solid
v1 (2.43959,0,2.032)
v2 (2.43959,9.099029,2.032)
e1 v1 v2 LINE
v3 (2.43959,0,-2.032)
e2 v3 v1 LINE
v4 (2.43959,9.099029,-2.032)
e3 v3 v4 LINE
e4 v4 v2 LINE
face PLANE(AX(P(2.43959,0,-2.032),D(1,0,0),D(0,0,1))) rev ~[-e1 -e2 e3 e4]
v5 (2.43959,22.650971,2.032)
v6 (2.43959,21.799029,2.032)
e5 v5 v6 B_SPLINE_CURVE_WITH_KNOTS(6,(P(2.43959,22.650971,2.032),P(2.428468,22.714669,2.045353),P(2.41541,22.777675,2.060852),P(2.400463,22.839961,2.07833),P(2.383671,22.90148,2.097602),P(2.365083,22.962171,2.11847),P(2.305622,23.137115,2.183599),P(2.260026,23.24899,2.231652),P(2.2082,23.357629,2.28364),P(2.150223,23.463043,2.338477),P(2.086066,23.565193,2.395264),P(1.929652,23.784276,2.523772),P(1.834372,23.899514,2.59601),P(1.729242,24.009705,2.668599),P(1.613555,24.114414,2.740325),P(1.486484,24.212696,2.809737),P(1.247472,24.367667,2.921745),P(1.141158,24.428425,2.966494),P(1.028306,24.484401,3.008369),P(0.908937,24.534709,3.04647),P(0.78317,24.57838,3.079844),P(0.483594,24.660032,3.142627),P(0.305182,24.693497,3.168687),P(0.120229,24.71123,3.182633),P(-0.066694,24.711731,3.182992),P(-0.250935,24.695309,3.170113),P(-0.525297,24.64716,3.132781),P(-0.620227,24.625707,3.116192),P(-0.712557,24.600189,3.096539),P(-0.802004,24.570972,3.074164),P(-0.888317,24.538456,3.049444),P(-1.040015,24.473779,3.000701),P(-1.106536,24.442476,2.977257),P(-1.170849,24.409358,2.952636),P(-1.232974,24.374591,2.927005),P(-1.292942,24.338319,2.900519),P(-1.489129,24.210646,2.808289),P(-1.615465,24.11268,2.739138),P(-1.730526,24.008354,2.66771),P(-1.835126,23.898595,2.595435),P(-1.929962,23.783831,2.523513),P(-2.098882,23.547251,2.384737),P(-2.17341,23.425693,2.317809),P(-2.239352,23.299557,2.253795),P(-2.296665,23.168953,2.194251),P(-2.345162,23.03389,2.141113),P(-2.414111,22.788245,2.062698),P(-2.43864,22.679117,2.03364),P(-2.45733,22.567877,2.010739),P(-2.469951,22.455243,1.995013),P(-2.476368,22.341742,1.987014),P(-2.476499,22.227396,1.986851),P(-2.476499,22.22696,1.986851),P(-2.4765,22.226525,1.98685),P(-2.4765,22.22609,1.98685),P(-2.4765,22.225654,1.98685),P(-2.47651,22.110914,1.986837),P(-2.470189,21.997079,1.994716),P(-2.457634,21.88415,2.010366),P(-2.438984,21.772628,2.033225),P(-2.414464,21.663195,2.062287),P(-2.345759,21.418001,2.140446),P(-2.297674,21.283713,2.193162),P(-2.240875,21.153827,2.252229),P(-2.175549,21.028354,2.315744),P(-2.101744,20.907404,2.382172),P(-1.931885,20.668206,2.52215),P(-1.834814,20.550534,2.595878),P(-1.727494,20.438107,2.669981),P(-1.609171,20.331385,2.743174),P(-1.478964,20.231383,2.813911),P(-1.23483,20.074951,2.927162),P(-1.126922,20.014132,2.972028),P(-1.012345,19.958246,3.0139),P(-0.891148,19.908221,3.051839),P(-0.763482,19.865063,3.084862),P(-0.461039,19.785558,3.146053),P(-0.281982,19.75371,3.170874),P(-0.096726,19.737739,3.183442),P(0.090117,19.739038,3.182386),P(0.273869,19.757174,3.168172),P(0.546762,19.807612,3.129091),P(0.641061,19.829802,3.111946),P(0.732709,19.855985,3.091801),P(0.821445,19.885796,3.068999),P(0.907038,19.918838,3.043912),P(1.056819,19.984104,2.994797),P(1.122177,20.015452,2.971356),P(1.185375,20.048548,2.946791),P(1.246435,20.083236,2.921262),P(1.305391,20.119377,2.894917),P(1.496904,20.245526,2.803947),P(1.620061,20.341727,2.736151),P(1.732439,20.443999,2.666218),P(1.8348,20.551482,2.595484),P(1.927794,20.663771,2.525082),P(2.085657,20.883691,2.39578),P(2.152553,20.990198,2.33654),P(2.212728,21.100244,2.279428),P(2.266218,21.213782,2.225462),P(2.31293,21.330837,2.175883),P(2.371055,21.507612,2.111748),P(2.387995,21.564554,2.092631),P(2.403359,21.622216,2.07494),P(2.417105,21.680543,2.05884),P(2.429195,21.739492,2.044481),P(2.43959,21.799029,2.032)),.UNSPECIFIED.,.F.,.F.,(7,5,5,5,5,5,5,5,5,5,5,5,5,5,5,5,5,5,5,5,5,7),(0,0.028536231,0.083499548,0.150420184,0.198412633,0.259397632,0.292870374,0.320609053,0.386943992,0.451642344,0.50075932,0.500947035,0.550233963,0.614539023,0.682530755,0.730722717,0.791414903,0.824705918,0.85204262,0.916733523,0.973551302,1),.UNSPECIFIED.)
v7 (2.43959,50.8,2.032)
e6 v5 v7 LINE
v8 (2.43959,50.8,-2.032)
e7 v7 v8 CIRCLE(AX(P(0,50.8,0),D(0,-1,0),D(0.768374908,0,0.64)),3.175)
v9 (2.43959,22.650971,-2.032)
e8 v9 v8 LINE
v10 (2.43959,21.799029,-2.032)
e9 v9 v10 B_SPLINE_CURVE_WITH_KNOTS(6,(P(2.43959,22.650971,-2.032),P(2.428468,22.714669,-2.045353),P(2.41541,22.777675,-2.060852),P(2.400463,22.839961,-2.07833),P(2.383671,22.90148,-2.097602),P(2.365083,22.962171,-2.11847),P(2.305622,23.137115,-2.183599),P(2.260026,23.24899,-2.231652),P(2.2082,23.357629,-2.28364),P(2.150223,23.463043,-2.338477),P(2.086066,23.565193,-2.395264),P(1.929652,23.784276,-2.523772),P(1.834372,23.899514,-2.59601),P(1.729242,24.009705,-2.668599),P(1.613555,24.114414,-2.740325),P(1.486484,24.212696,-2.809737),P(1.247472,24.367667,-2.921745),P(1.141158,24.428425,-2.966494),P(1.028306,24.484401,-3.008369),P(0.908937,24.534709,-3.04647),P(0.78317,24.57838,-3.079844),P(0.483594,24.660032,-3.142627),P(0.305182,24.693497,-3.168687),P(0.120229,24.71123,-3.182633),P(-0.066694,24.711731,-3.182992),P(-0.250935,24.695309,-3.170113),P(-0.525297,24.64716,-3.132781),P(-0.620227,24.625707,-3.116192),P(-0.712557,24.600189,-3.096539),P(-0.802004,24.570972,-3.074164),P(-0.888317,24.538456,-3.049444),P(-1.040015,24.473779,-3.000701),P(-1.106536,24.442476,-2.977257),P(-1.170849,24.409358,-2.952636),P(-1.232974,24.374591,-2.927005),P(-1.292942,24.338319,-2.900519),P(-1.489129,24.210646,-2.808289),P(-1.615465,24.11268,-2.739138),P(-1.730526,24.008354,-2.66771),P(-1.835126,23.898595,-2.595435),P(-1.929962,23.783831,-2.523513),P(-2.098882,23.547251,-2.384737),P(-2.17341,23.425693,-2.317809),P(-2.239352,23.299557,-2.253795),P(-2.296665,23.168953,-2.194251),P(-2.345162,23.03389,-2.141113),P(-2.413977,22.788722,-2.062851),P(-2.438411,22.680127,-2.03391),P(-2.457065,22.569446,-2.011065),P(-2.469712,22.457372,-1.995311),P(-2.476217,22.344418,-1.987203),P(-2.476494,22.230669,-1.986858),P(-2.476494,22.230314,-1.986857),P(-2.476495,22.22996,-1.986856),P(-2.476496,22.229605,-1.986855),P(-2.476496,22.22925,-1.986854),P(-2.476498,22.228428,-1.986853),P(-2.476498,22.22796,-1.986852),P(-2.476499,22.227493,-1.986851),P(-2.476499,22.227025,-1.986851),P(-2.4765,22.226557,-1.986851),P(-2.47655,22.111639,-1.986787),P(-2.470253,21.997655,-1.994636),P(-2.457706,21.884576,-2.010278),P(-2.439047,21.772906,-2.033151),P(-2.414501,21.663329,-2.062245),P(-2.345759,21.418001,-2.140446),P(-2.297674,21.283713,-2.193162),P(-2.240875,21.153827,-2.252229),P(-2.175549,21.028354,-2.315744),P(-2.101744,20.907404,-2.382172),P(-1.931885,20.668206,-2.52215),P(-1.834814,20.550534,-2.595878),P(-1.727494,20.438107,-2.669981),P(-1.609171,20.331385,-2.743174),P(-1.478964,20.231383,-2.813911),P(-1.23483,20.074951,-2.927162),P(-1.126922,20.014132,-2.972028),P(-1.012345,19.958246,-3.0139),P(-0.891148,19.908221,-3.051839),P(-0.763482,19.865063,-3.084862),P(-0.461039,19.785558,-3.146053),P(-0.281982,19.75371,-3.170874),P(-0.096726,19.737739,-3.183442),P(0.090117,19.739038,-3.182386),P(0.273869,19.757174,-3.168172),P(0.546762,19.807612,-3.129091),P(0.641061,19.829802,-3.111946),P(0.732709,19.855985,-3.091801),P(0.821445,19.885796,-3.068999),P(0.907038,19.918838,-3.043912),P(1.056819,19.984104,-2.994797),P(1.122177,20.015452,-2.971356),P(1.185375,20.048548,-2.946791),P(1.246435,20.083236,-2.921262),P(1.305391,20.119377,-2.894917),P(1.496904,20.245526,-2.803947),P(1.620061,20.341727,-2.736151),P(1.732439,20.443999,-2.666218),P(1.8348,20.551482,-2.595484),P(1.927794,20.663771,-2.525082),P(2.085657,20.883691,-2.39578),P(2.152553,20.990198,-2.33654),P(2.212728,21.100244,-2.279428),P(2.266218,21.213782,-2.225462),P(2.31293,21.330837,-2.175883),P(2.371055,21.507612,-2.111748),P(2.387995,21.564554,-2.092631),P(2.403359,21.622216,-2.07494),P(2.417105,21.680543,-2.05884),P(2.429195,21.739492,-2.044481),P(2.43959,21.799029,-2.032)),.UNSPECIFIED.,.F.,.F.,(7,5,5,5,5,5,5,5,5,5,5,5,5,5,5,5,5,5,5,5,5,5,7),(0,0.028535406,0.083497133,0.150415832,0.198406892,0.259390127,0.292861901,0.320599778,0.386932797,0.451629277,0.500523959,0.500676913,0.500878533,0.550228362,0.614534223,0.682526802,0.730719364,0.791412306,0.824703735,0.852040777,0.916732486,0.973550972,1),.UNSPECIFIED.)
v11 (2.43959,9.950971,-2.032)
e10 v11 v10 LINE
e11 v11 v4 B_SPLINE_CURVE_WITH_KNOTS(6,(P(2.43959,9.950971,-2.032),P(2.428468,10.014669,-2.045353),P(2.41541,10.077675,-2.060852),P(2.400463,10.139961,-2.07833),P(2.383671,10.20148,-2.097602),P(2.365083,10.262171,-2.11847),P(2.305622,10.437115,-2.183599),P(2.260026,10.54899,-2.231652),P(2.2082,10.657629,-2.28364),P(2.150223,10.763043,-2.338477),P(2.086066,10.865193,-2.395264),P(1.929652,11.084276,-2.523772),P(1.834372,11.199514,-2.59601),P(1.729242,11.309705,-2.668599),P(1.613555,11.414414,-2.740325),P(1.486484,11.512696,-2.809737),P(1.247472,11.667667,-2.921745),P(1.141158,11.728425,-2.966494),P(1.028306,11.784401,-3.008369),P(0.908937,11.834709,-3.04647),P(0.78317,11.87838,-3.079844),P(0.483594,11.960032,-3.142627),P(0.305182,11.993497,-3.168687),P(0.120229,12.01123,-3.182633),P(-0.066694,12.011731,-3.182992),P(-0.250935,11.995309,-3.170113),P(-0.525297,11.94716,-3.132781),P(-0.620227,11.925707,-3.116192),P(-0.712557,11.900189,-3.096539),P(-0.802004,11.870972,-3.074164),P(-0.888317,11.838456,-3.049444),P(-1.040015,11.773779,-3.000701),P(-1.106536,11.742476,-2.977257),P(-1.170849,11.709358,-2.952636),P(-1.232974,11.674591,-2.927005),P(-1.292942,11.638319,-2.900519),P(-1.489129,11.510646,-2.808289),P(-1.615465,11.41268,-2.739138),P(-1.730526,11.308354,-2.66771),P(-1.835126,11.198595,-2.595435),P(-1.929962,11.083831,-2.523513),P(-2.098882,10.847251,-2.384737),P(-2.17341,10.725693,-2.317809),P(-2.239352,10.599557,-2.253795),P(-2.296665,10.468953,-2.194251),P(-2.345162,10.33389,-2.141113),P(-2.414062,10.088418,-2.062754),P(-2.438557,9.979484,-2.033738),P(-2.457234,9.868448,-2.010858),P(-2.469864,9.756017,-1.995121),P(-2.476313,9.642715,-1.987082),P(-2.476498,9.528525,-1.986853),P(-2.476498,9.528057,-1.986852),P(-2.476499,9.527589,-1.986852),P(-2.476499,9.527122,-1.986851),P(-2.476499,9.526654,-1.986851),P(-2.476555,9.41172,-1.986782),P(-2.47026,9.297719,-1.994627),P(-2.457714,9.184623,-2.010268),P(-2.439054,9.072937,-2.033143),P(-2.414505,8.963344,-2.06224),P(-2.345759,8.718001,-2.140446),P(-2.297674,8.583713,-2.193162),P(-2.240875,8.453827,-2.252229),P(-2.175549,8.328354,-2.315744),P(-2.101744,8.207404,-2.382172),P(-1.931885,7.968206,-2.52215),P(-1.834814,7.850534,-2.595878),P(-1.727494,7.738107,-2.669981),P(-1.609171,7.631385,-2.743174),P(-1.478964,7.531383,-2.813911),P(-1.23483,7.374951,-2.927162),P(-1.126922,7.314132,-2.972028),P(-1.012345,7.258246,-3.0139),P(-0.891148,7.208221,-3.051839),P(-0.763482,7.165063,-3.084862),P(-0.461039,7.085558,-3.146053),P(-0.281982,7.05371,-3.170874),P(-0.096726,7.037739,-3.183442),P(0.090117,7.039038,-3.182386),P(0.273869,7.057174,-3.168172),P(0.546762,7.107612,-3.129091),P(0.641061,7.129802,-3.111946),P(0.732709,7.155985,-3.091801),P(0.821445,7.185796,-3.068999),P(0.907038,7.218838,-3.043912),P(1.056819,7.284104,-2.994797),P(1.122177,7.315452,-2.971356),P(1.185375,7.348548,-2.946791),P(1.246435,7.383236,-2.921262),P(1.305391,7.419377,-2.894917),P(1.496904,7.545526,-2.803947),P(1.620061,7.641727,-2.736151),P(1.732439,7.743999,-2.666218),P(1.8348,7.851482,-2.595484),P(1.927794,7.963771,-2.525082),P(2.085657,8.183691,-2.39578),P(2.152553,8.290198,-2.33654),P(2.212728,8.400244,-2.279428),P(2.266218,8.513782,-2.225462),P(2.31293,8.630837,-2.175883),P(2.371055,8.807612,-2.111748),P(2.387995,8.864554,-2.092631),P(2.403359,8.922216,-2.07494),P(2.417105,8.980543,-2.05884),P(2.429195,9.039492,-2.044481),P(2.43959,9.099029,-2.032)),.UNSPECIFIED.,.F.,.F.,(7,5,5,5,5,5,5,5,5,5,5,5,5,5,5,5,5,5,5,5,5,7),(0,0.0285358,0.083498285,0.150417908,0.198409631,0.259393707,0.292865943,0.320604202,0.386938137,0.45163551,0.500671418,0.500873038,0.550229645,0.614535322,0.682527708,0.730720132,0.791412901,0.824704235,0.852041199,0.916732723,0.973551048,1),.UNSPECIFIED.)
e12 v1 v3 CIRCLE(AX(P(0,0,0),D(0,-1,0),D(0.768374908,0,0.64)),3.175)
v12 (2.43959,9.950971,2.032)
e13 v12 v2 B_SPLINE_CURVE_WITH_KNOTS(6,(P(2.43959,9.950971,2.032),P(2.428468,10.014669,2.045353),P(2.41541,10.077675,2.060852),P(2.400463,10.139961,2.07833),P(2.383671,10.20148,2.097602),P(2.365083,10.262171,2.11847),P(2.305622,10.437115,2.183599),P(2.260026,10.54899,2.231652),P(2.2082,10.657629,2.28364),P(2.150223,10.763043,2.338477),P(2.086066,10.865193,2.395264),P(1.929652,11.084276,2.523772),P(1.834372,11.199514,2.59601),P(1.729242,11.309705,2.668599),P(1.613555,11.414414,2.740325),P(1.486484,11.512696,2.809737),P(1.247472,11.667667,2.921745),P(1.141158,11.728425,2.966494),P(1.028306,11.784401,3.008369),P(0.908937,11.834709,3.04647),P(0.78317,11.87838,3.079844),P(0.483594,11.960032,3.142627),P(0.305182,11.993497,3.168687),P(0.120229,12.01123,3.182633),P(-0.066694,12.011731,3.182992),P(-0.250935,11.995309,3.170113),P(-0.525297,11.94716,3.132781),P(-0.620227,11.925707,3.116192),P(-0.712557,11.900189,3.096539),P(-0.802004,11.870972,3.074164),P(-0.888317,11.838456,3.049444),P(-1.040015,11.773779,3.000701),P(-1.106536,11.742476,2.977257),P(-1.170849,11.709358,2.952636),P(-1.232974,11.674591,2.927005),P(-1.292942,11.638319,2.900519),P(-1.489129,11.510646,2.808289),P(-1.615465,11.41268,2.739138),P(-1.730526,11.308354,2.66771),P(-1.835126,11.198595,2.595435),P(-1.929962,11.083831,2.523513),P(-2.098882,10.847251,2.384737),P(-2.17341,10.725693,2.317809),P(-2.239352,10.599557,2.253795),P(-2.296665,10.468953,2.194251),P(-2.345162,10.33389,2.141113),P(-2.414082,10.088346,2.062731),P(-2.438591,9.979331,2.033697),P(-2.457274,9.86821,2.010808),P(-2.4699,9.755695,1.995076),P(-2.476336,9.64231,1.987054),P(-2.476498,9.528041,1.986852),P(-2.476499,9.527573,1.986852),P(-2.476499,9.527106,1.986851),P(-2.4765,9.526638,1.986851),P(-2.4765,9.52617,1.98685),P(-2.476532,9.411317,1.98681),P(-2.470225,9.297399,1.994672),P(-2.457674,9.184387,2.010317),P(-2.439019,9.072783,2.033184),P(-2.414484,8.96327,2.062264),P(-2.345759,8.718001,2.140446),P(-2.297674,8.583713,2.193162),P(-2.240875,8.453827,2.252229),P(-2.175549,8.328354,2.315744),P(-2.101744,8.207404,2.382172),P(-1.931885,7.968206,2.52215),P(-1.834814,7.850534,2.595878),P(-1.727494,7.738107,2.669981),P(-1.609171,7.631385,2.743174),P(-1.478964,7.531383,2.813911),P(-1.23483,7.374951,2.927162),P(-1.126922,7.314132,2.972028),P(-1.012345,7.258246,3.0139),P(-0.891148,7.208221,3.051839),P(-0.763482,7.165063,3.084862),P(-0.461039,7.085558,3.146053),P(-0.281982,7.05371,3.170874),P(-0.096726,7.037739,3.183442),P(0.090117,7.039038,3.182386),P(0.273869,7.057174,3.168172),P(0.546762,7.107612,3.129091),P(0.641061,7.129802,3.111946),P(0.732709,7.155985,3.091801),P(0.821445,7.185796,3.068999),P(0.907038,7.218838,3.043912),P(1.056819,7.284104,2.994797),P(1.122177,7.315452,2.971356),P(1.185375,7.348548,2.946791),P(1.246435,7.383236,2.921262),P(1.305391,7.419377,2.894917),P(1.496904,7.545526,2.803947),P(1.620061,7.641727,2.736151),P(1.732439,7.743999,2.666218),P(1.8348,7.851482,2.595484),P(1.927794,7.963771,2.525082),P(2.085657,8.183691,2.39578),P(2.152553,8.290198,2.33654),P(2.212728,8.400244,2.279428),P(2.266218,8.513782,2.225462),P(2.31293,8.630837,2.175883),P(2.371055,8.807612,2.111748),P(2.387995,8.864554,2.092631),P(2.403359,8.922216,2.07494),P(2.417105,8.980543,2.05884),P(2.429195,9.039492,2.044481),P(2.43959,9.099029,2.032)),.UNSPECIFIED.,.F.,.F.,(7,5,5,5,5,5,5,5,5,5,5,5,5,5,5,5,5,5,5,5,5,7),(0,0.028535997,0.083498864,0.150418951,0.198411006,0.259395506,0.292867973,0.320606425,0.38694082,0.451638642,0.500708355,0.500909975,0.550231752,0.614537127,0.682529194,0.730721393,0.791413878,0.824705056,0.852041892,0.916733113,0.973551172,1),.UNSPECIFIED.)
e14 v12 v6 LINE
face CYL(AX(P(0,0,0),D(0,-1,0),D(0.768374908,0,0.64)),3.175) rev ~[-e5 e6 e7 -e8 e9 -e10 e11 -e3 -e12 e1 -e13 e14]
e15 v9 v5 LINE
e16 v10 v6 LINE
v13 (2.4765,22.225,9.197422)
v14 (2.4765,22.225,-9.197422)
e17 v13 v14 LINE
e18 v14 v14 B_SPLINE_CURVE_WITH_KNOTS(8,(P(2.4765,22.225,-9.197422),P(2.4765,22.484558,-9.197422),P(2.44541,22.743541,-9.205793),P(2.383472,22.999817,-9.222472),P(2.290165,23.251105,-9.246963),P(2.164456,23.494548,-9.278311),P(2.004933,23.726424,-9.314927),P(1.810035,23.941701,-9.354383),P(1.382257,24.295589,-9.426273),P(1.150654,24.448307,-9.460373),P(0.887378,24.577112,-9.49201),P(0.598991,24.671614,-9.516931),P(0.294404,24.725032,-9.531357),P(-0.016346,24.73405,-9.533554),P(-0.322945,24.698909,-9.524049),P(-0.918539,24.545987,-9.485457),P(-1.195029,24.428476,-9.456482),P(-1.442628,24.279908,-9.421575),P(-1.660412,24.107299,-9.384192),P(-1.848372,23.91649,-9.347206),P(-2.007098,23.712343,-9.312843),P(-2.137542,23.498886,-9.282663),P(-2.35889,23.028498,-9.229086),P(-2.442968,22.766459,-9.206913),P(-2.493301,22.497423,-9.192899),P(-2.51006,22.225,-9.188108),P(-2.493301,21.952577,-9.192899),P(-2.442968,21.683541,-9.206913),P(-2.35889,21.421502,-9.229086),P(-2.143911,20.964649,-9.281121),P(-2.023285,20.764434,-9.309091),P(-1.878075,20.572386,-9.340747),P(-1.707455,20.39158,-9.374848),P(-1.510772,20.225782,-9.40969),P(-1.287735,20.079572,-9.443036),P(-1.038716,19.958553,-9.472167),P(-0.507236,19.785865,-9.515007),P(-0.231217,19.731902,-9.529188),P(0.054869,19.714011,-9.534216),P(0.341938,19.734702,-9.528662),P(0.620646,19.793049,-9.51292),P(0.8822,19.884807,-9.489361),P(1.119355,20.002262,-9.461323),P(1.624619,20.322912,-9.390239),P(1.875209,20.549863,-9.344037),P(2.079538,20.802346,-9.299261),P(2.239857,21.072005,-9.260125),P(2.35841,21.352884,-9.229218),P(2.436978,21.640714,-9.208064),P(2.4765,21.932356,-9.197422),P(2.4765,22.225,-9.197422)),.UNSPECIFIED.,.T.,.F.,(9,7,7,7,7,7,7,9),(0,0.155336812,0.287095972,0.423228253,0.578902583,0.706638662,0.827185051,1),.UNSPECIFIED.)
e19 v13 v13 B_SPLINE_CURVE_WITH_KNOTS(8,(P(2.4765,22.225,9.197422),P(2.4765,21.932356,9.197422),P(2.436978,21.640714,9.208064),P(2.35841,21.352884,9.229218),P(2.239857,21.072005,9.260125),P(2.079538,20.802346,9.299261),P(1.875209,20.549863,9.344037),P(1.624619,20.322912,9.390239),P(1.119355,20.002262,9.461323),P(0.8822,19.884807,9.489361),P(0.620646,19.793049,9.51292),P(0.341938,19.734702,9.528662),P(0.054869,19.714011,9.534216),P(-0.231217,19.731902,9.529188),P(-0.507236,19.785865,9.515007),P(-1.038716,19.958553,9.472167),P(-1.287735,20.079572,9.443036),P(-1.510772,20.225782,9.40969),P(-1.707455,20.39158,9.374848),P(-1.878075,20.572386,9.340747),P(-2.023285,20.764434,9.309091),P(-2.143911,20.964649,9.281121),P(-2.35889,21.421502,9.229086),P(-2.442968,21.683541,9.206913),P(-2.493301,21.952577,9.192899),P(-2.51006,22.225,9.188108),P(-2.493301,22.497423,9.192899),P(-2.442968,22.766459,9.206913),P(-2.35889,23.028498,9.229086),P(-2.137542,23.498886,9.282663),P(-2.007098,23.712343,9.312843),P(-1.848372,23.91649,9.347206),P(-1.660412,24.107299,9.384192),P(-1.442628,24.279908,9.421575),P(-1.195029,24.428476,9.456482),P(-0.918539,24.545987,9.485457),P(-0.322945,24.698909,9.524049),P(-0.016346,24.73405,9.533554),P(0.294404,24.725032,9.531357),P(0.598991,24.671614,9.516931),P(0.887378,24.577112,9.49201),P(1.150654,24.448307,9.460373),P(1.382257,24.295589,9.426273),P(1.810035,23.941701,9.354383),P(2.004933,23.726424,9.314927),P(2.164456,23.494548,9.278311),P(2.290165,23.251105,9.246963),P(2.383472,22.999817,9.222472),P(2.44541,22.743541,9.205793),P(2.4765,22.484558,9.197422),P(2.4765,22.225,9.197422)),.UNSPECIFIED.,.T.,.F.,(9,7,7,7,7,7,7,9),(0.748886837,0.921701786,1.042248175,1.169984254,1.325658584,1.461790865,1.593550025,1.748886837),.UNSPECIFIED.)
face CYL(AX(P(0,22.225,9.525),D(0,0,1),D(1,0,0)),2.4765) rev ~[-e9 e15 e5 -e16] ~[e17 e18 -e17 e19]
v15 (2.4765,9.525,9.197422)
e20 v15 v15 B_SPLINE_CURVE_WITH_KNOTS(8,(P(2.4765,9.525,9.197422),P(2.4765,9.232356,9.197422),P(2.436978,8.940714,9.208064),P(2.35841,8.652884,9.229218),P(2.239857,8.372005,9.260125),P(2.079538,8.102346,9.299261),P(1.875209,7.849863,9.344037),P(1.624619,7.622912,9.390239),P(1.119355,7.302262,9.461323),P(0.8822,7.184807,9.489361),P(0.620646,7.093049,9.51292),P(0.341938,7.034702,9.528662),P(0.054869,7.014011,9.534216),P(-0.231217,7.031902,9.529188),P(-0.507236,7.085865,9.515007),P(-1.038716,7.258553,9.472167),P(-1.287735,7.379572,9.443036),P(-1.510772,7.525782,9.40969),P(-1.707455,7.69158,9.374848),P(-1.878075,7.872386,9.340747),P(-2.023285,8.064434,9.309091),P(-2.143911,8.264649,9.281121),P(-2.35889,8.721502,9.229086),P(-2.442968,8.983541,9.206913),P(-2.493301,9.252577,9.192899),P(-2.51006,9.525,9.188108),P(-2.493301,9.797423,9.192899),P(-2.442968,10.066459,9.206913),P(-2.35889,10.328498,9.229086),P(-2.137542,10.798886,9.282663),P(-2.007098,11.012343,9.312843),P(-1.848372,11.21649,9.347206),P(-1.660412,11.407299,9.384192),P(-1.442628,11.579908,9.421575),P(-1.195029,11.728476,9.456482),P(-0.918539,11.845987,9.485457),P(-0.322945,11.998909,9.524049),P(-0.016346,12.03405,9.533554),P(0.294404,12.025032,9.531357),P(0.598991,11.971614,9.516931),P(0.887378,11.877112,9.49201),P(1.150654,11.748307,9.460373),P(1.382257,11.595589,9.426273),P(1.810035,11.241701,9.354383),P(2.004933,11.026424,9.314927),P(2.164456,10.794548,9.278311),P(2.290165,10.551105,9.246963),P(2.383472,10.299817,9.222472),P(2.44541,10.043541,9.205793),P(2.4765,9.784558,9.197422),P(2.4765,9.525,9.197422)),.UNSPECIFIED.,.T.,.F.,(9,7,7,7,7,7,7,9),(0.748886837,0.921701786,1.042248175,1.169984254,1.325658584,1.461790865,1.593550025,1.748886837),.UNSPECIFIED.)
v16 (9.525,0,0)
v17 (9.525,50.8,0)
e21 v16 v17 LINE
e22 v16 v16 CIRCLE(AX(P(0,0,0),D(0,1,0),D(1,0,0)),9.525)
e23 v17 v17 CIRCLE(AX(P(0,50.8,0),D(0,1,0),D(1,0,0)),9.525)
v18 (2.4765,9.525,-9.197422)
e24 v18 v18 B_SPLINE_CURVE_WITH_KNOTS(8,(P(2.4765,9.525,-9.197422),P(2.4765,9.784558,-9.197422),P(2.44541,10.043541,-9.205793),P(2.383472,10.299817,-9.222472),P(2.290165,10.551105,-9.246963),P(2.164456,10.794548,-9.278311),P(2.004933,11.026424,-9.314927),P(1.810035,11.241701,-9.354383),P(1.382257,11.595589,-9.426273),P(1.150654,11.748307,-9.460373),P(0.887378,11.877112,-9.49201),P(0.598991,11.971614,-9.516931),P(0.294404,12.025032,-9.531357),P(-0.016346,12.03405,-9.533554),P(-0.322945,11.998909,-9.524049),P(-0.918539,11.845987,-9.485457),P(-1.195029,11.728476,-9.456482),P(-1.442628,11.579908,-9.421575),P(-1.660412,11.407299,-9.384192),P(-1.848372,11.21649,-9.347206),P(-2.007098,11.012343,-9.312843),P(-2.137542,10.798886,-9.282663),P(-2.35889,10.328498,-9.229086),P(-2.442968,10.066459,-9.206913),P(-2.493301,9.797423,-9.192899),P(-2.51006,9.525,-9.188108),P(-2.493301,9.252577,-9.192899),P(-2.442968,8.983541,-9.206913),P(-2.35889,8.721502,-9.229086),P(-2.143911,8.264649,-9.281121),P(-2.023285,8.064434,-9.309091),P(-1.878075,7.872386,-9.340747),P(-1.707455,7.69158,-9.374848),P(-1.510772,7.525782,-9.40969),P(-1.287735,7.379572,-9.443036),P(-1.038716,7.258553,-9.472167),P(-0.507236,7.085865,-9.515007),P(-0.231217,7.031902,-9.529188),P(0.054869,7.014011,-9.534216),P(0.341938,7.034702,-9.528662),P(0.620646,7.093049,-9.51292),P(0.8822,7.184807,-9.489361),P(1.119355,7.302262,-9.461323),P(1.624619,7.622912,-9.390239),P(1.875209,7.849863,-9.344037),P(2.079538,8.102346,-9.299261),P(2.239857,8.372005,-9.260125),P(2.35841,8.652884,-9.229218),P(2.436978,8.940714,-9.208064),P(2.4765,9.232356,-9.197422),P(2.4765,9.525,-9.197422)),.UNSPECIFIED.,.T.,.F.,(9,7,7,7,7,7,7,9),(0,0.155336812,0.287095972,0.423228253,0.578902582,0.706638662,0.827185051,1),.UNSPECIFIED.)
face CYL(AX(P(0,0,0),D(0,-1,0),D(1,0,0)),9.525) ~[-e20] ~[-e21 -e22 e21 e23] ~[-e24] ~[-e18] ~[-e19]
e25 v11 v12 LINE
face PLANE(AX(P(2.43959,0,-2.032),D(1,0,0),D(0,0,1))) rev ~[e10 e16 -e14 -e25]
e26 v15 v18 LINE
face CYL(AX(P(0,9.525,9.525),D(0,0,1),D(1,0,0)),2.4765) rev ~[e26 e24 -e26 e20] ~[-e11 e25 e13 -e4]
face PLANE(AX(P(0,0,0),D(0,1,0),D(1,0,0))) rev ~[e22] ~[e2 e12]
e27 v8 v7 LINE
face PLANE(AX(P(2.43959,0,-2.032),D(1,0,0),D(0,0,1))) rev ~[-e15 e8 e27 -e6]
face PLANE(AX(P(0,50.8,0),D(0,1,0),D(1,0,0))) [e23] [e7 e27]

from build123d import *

# Parameters (mm, degrees)
SKETCH1_R           = 9.525
BOSS_EXTRUDE1_DEPTH = 50.8
SKETCH2_R           = 2.4765
CUT_EXTRUDE1_DEPTH  = 20.05


with BuildPart() as part:
    # Sketch1 → Boss-Extrude1 (new body)
    with BuildSketch(Plane(origin=(0, 0, 0), x_dir=(1, 0, 0), z_dir=(0, 1, 0))):
        Circle(SKETCH1_R)
        with BuildLine():
            Line((2.439590334, 2.032), (2.439590334, -2.032))
            ThreePointArc((2.439590334, -2.032), (-3.175, 0), (2.439590334, 2.032))
        make_face(mode=Mode.SUBTRACT)
    extrude(amount=BOSS_EXTRUDE1_DEPTH)

    # Sketch2 → Cut-Extrude1 (cut, through all)
    with BuildSketch(Plane.XY.offset(9.525)):
        with Locations((0, 9.525)):
            Circle(SKETCH2_R)
        with Locations((0, 22.225)):
            Circle(SKETCH2_R)
    extrude(amount=-CUT_EXTRUDE1_DEPTH, mode=Mode.SUBTRACT)


solid = part.part
